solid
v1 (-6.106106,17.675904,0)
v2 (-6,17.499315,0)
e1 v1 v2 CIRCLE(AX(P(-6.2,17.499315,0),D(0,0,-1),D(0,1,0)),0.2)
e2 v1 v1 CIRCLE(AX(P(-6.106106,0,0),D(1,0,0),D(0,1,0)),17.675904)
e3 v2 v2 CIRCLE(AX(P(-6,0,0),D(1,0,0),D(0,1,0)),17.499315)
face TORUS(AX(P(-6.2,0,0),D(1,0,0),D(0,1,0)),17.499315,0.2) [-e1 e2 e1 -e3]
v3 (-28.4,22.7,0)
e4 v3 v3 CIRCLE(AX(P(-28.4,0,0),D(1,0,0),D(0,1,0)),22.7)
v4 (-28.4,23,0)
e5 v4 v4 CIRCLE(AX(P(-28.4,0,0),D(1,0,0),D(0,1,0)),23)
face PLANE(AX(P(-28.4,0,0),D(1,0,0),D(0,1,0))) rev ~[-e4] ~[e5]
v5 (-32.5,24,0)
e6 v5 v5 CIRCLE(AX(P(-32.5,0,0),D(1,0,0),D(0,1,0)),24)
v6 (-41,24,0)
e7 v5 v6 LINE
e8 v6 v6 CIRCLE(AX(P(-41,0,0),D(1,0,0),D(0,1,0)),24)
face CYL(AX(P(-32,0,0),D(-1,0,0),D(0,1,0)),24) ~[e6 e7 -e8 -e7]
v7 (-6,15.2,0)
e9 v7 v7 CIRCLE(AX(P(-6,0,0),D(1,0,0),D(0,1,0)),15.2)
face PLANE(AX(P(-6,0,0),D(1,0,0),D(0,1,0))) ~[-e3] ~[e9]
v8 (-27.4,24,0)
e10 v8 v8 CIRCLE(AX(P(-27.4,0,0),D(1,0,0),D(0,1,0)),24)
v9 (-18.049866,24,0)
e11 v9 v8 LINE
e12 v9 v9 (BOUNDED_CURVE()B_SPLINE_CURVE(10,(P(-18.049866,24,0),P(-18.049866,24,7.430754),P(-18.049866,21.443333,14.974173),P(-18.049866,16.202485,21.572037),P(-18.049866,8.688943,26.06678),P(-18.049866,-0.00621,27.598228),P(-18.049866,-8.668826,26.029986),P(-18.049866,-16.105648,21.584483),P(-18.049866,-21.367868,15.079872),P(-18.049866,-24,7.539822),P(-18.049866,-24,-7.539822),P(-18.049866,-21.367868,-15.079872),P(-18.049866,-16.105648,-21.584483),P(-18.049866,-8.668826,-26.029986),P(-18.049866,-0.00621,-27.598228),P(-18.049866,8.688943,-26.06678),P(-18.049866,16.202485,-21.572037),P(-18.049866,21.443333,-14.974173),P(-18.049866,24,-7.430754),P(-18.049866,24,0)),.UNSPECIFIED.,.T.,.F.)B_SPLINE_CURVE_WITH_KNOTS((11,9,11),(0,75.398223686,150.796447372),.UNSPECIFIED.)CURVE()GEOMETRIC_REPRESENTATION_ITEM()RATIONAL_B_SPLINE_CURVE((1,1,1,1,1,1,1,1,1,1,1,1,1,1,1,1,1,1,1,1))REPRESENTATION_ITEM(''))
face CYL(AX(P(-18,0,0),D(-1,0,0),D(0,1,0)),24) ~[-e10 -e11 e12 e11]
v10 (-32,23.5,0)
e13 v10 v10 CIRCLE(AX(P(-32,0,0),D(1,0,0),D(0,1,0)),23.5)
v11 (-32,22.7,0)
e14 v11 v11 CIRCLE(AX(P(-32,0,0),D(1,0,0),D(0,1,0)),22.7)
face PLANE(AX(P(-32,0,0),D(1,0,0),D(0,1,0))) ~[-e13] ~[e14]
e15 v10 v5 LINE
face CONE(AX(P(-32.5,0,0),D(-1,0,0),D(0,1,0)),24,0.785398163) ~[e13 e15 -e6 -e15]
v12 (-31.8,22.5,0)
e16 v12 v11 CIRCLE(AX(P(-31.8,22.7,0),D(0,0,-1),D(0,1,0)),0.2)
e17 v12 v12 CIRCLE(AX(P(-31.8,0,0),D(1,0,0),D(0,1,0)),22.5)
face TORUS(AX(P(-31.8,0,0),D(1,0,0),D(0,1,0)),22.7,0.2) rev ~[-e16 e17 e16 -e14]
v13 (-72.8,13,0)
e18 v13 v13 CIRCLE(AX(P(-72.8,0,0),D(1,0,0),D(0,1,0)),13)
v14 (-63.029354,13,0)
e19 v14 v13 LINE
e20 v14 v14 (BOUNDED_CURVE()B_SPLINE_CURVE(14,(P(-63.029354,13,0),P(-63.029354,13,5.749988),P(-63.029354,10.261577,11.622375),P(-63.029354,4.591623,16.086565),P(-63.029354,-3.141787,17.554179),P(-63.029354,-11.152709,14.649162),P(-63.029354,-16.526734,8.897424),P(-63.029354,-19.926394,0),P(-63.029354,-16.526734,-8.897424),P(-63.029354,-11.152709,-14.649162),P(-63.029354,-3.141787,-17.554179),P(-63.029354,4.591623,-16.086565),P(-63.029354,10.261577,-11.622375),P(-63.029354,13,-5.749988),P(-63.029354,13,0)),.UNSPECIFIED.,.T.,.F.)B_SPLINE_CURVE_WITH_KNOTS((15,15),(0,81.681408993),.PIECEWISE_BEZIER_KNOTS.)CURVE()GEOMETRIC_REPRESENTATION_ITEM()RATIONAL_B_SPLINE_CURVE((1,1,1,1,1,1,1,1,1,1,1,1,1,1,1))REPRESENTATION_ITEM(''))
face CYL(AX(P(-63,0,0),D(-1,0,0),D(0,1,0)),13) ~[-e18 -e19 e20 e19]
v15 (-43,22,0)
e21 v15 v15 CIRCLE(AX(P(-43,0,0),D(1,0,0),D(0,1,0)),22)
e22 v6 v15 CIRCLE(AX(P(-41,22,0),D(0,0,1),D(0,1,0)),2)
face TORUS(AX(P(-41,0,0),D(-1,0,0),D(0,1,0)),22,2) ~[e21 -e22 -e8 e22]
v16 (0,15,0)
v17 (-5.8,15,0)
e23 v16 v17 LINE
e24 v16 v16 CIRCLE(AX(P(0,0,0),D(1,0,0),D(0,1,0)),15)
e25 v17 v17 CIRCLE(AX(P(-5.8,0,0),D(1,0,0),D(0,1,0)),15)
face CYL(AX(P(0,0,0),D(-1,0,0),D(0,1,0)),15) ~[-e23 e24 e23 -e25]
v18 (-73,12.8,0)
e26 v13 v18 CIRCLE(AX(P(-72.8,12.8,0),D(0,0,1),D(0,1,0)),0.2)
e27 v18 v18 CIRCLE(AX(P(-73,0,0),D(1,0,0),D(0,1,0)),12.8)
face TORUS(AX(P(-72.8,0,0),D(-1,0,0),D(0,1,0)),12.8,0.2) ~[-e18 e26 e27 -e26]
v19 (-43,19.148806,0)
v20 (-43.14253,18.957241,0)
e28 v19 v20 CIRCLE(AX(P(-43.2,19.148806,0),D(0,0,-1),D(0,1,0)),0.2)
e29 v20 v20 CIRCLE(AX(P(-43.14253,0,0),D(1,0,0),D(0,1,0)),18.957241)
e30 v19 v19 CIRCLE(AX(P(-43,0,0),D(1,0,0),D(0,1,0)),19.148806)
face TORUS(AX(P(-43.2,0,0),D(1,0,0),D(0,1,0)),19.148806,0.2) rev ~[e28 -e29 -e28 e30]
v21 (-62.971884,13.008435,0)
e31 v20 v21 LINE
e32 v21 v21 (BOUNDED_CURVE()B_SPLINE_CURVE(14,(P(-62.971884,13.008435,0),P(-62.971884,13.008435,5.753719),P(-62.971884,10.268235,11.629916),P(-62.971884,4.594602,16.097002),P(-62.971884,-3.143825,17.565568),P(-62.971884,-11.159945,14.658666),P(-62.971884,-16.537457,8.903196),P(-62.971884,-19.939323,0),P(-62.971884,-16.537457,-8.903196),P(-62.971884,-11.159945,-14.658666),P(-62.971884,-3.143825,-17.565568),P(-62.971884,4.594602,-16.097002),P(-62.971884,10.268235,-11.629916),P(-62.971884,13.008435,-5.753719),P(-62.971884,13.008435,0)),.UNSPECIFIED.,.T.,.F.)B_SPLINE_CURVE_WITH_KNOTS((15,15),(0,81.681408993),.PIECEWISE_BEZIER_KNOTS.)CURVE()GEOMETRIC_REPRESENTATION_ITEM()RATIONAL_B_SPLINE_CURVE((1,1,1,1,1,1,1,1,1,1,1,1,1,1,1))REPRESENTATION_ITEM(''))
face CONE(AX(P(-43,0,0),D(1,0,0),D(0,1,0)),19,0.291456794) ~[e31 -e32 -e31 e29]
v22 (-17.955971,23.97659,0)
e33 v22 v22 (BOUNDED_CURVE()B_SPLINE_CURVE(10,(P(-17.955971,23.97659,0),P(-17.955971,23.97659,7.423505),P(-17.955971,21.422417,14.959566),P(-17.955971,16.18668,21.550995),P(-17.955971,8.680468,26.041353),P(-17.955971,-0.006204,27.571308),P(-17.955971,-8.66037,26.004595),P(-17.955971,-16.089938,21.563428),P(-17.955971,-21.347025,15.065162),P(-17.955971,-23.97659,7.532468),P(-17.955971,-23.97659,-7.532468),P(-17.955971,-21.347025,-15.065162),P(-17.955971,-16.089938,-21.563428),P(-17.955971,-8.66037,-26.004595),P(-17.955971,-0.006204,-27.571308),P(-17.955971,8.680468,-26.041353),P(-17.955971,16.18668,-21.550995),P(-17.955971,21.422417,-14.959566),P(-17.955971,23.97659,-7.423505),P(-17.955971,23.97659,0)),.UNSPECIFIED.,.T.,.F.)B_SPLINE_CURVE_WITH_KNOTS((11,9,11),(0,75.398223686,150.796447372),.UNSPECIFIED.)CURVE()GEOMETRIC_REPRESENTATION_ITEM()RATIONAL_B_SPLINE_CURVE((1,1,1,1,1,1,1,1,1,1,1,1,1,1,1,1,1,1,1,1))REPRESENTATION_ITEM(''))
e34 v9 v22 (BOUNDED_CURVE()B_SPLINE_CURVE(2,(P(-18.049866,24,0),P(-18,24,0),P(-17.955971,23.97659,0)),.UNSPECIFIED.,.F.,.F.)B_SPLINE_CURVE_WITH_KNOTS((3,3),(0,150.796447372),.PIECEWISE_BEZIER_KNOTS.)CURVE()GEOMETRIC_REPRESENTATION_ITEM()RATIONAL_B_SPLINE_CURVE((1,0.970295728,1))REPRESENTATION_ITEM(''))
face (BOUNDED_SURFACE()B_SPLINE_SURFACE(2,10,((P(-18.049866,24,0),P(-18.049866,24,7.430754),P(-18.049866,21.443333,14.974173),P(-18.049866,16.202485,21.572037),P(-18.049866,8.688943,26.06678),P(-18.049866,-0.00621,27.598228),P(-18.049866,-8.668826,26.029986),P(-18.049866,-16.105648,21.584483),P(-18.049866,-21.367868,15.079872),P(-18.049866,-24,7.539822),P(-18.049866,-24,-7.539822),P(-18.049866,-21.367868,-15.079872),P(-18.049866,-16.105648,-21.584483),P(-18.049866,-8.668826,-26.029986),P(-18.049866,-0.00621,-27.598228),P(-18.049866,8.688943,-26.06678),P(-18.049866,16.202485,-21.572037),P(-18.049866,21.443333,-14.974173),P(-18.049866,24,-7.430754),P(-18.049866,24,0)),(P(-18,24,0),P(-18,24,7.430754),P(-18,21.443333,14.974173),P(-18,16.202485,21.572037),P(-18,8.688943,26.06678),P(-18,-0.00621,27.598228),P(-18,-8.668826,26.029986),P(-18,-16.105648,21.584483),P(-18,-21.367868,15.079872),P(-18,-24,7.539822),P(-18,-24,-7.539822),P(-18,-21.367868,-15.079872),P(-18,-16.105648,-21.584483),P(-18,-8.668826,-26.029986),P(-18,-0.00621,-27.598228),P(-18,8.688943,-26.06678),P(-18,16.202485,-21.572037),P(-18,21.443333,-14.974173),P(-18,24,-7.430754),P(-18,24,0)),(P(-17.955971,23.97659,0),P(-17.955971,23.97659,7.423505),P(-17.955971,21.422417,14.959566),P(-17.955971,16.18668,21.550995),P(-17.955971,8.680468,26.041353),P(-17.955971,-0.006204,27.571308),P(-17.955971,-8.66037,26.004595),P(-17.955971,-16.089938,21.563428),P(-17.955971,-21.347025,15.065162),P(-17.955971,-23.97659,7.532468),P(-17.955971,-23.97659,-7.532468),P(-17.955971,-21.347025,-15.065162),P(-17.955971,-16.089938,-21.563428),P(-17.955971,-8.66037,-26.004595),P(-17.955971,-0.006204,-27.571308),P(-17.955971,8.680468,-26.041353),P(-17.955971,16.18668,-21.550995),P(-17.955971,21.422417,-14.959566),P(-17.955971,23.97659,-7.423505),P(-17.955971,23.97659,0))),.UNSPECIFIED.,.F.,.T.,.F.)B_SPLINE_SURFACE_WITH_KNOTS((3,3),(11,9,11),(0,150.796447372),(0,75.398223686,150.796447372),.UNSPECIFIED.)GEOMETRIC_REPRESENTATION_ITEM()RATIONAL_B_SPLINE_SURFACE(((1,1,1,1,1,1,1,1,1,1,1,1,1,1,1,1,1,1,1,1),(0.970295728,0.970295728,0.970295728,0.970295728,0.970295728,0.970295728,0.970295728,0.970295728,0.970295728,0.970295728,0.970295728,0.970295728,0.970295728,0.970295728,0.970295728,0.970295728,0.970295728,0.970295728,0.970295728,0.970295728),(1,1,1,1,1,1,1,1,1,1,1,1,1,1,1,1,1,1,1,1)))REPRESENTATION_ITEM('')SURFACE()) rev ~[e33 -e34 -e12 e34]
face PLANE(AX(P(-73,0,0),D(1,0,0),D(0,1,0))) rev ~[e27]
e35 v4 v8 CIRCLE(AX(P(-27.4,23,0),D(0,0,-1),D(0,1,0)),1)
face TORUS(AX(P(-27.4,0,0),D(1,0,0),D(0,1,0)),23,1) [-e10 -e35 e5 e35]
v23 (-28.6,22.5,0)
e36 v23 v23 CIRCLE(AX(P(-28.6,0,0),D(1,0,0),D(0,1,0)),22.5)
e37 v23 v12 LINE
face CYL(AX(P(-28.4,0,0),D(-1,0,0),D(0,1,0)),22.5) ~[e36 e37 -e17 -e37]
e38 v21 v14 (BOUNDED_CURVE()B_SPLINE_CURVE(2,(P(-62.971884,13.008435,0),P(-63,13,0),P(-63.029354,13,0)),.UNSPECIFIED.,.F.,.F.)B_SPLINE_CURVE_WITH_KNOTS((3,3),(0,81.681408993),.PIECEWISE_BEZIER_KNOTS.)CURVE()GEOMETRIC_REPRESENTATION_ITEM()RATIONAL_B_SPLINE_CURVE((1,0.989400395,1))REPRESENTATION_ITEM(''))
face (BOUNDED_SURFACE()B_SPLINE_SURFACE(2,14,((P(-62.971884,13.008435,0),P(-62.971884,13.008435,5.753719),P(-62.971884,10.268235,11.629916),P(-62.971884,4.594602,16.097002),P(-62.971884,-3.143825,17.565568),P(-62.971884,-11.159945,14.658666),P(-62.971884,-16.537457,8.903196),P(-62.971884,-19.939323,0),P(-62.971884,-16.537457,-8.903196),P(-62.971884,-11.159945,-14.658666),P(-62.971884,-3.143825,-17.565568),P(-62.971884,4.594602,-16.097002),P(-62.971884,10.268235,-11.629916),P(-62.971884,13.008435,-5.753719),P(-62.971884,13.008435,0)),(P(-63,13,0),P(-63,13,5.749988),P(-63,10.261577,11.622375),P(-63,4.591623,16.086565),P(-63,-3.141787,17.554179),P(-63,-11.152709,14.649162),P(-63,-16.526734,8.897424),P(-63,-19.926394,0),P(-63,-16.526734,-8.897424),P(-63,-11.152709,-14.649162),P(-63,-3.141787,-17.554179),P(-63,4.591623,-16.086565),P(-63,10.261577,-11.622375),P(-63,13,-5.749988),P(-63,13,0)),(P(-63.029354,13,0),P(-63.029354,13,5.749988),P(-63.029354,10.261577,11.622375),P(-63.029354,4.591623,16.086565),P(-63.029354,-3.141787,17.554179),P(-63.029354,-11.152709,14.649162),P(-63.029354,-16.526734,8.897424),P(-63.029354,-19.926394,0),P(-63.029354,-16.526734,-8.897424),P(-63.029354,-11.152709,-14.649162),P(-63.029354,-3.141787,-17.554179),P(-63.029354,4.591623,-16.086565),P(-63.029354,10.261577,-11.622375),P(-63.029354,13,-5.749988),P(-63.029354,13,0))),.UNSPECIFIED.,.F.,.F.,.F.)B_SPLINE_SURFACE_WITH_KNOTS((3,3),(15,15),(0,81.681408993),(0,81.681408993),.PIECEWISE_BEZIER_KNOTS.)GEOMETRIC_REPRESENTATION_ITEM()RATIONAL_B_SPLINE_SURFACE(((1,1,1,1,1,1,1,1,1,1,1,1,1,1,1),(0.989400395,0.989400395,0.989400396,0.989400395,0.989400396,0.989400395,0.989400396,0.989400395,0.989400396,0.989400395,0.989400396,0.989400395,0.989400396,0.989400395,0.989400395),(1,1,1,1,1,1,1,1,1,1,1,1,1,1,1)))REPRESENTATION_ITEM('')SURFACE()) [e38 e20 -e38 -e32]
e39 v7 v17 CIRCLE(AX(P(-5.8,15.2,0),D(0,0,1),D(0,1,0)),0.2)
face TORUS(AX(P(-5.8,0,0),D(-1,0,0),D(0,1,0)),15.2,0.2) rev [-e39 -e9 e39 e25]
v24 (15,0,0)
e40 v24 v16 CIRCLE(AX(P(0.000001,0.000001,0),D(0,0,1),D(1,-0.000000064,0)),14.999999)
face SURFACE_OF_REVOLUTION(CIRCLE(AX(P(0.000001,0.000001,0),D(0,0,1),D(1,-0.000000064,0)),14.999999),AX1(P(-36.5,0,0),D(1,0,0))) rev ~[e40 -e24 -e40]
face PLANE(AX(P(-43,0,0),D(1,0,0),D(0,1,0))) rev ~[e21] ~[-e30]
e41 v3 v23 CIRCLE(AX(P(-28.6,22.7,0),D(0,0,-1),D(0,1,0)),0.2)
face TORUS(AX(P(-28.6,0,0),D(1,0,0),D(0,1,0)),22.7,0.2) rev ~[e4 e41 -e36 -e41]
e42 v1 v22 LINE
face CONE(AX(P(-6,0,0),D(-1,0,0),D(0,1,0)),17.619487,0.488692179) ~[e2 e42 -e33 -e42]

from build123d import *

# Parameters (mm, degrees)
F2_R    = 2
F3_R    = 1
F4_SIZE = 0.5
F5_R    = 0.2
F6_R    = 0.2


with BuildPart() as f1:
    # F0 (on Top) → F1 (revolve)
    with BuildSketch(Plane.XY):
        with BuildLine():
            Line((0, 0), (15, 0))
            ThreePointArc((15, 0), (10.606602, 10.606602), (0, 15))
            Line((0, 15), (-6, 15))
            Line((-6, 15), (-6, 17.619487))
            Line((-6, 17.619487), (-18, 24))
            Line((-18, 24), (-28.4, 24))
            Line((-28.4, 24), (-28.4, 22.5))
            Line((-28.4, 22.5), (-32, 22.5))
            Line((-32, 22.5), (-32, 24))
            Line((-32, 24), (-43, 24))
            Line((-43, 24), (-43, 19))
            Line((-43, 19), (-63, 13))
            Line((-63, 13), (-73, 13))
            Line((-73, 13), (-73, 0))
            Line((-73, 0), (0, 0))
        make_face()
    revolve(axis=Axis((-36.5, 0, 0), (1, 0, 0)))

    # F2
    f2_edges = [f1.edges().sort_by_distance(p)[0] for p in [
        (-43, -24, 0),
    ]]
    fillet(f2_edges, radius=F2_R)

    # F3
    f3_edges = [f1.edges().sort_by_distance(p)[0] for p in [
        (-28.4, -24, 0),
    ]]
    fillet(f3_edges, radius=F3_R)

    # F4
    f4_edges = [f1.edges().sort_by_distance(p)[0] for p in [
        (-32, -24, 0),
    ]]
    chamfer(f4_edges, length=F4_SIZE)

    # F5
    f5_edges = [f1.edges().sort_by_distance(p)[0] for p in [
        (-73, -13, 0),
        (-63, -13, 0),
        (-18, -24, 0),
        (-6, -17.619487, 0),
    ]]
    fillet(f5_edges, radius=F5_R)

    # F6
    f6_edges = [f1.edges().sort_by_distance(p)[0] for p in [
        (-6, -15, 0),
        (0, -15, 0),
        (-32, -22.5, 0),
        (-28.4, -22.5, 0),
        (-30.2, 22.5, 0),
        (-43, -19, 0),
    ]]
    fillet(f6_edges, radius=F6_R)


solid = f1.part
